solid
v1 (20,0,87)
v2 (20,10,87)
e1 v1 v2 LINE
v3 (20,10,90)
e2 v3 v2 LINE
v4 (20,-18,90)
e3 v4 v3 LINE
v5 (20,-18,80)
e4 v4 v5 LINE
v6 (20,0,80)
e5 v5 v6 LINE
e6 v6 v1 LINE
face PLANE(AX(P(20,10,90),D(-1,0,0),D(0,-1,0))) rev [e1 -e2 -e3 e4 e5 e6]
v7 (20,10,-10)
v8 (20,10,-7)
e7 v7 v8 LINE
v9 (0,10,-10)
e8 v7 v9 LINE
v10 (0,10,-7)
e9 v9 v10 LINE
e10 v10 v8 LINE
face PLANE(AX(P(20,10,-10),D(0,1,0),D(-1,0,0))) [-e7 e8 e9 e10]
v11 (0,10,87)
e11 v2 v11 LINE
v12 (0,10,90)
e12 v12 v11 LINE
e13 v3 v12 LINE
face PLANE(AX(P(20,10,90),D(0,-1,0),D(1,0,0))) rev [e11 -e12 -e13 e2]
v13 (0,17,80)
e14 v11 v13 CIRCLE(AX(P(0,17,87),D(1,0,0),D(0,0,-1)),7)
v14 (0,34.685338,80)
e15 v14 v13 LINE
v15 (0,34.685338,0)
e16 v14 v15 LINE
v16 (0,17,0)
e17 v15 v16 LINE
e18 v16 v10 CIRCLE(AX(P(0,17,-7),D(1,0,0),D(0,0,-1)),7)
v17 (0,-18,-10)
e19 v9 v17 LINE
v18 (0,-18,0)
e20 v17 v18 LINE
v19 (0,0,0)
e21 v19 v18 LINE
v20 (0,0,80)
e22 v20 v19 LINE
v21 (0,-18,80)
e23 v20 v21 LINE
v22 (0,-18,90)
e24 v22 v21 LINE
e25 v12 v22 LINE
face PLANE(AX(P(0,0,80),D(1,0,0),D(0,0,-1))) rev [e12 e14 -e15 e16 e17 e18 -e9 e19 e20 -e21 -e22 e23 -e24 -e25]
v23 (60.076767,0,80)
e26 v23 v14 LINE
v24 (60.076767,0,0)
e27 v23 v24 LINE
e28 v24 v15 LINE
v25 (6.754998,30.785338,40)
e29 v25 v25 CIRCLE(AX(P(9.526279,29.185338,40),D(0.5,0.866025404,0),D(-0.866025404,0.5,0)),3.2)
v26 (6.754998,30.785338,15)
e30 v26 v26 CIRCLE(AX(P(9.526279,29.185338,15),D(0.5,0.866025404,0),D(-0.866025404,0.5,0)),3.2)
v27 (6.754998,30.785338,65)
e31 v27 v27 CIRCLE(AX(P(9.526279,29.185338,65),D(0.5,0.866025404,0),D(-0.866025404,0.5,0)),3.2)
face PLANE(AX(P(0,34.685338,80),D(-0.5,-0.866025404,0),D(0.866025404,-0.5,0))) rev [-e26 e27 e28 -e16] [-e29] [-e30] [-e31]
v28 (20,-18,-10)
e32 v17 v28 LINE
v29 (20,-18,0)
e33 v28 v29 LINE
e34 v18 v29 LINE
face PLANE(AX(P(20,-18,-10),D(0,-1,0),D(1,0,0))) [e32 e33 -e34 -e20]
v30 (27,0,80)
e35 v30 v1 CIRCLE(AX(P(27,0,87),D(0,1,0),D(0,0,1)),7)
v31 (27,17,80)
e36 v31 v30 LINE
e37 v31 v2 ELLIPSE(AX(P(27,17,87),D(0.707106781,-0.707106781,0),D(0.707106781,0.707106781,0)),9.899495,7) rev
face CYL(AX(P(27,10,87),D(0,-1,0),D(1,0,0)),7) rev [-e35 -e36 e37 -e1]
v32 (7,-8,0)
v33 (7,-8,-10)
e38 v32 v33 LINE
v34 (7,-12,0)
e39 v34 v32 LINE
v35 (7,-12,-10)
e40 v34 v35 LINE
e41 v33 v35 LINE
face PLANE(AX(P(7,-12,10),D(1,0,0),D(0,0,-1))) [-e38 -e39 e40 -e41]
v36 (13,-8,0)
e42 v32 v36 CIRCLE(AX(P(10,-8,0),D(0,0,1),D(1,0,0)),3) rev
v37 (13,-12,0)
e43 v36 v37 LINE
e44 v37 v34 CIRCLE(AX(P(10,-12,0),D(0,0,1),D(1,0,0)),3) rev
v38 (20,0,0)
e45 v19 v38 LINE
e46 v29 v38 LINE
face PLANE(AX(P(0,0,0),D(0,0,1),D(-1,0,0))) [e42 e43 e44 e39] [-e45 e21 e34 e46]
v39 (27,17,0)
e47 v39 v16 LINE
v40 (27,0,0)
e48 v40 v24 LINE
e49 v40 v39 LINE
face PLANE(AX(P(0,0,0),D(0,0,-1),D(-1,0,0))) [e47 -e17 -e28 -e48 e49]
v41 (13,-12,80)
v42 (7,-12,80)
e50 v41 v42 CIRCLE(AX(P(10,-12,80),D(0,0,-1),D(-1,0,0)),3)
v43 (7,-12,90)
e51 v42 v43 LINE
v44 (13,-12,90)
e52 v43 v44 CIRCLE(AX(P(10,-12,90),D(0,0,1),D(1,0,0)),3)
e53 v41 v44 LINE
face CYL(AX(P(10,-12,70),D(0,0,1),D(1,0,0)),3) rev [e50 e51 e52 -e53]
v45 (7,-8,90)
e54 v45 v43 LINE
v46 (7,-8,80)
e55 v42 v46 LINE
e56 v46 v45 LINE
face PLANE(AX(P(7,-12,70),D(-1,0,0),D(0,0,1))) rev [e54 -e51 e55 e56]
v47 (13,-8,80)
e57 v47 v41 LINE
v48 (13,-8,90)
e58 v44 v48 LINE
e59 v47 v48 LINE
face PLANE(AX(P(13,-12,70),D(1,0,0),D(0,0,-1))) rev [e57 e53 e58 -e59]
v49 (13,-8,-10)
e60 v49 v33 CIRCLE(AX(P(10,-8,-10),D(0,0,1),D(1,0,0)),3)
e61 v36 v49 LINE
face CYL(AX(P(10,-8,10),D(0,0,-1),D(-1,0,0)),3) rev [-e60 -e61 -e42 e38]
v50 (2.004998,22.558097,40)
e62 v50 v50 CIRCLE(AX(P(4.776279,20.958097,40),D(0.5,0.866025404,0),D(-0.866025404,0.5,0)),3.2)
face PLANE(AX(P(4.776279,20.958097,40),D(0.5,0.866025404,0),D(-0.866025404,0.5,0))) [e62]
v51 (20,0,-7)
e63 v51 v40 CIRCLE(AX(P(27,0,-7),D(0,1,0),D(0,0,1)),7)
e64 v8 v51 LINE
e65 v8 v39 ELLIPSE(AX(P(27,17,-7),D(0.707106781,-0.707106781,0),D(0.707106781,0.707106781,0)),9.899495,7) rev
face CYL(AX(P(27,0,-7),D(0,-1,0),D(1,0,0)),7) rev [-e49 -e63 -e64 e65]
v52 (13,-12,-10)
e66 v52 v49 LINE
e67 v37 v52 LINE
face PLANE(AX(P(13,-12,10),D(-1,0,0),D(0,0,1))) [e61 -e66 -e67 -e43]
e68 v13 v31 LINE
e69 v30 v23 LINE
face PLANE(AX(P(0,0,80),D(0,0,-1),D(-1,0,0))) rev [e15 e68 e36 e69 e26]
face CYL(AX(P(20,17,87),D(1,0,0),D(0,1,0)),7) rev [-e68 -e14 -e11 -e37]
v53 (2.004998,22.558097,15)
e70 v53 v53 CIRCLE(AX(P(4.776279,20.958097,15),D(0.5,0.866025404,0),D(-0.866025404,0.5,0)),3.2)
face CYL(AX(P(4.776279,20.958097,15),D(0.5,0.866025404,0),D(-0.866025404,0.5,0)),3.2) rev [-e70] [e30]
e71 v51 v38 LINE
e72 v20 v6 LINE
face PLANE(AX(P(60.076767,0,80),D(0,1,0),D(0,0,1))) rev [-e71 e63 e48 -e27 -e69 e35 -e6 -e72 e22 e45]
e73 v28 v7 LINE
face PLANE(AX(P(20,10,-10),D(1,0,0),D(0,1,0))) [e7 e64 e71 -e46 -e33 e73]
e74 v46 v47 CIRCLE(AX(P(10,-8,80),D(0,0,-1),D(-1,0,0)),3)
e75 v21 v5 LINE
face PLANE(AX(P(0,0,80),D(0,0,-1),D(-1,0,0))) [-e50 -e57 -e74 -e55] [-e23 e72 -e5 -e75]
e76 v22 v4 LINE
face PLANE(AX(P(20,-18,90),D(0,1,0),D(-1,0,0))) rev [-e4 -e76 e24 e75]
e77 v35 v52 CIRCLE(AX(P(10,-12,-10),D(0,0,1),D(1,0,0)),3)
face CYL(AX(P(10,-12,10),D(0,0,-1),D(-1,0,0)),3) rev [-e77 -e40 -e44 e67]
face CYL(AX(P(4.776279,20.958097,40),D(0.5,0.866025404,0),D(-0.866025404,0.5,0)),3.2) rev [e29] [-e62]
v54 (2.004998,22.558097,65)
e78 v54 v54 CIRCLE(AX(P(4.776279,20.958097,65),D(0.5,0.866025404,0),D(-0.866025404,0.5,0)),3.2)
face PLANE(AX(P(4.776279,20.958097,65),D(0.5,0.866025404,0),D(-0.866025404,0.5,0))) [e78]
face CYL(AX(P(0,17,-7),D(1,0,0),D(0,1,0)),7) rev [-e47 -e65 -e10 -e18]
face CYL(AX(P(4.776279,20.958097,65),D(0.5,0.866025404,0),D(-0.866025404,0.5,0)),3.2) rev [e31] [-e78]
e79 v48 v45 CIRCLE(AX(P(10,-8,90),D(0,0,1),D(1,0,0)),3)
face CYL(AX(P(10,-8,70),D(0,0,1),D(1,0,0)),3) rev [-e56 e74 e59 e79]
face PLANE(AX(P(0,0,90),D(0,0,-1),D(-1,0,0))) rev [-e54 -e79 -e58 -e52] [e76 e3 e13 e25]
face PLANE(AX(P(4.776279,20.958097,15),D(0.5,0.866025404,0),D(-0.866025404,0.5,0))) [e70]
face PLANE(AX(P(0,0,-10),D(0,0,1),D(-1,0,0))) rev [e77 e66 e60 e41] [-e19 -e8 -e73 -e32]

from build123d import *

# Parameters (mm, degrees)
BOSS_EXTRUDE1_DEPTH = 80
SKETCH2_W           = 20
SKETCH2_H           = 28
BOSS_EXTRUDE2_DEPTH = 10
FILLET1_R           = 7
CUT_EXTRUDE1_DEPTH  = 20
FILLET2_R           = 7
SKETCH4_R           = 3.2
CUT_EXTRUDE2_DEPTH  = 9.5


with BuildPart() as part:
    # Sketch1 → Boss-Extrude1 (new body)
    with BuildSketch(Plane.XY):
        Polygon((0, 0), (0, 34.685337878), (60.076767483, 0), align=None)
    extrude(amount=BOSS_EXTRUDE1_DEPTH)

    # Sketch2 → Boss-Extrude2 (add)
    with BuildSketch(Plane.XY.offset(80)):
        with Locations((10, -4)):
            Rectangle(SKETCH2_W, SKETCH2_H)
    boss_extrude2 = extrude(amount=BOSS_EXTRUDE2_DEPTH)

    # Fillet1
    fillet1_edges = [part.edges().sort_by_distance(p)[0] for p in [
        (20, 5, 80),
        (10, 10, 80),
    ]]
    fillet(fillet1_edges, radius=FILLET1_R)

    # Sketch3 → Cut-Extrude1 (cut)
    with BuildSketch(Plane.XY.offset(90)):
        with BuildLine():
            Line((7, -12), (7, -8))
            ThreePointArc((7, -8), (10, -5), (13, -8))
            Line((13, -8), (13, -12))
            ThreePointArc((13, -12), (10, -15), (7, -12))
        make_face()
    cut_extrude1 = extrude(amount=-CUT_EXTRUDE1_DEPTH, mode=Mode.SUBTRACT)

    # Mirror10: Boss-Extrude2, Cut-Extrude1 across plane
    add(boss_extrude2.mirror(Plane(origin=(0, 0, 40), x_dir=(1, 0, 0), z_dir=(0, 0, -1))))
    add(cut_extrude1.mirror(Plane(origin=(0, 0, 40), x_dir=(1, 0, 0), z_dir=(0, 0, -1))), mode=Mode.SUBTRACT)

    # Fillet2
    fillet2_edges = [part.edges().sort_by_distance(p)[0] for p in [
        (20, 5, 0),
        (10, 10, 0),
    ]]
    fillet(fillet2_edges, radius=FILLET2_R)

    # Sketch4 → Cut-Extrude2 (cut)
    with BuildSketch(Plane(origin=(15.019191871, 26.014003409, 0), x_dir=(0.8660254037844418, -0.49999999999999456, 0), z_dir=(0.4999999999999946, 0.8660254037844419, 0))):
        with Locations(Location((-6.342668939, -15, 0), (0, 0, 180))):
            Circle(SKETCH4_R)
        with Locations(Location((-6.342668939, -40, 0), (0, 0, 180))):
            Circle(SKETCH4_R)
        with Locations(Location((-6.342668939, -65, 0), (0, 0, 180))):
            Circle(SKETCH4_R)
    extrude(amount=-CUT_EXTRUDE2_DEPTH, mode=Mode.SUBTRACT)


solid = part.part
